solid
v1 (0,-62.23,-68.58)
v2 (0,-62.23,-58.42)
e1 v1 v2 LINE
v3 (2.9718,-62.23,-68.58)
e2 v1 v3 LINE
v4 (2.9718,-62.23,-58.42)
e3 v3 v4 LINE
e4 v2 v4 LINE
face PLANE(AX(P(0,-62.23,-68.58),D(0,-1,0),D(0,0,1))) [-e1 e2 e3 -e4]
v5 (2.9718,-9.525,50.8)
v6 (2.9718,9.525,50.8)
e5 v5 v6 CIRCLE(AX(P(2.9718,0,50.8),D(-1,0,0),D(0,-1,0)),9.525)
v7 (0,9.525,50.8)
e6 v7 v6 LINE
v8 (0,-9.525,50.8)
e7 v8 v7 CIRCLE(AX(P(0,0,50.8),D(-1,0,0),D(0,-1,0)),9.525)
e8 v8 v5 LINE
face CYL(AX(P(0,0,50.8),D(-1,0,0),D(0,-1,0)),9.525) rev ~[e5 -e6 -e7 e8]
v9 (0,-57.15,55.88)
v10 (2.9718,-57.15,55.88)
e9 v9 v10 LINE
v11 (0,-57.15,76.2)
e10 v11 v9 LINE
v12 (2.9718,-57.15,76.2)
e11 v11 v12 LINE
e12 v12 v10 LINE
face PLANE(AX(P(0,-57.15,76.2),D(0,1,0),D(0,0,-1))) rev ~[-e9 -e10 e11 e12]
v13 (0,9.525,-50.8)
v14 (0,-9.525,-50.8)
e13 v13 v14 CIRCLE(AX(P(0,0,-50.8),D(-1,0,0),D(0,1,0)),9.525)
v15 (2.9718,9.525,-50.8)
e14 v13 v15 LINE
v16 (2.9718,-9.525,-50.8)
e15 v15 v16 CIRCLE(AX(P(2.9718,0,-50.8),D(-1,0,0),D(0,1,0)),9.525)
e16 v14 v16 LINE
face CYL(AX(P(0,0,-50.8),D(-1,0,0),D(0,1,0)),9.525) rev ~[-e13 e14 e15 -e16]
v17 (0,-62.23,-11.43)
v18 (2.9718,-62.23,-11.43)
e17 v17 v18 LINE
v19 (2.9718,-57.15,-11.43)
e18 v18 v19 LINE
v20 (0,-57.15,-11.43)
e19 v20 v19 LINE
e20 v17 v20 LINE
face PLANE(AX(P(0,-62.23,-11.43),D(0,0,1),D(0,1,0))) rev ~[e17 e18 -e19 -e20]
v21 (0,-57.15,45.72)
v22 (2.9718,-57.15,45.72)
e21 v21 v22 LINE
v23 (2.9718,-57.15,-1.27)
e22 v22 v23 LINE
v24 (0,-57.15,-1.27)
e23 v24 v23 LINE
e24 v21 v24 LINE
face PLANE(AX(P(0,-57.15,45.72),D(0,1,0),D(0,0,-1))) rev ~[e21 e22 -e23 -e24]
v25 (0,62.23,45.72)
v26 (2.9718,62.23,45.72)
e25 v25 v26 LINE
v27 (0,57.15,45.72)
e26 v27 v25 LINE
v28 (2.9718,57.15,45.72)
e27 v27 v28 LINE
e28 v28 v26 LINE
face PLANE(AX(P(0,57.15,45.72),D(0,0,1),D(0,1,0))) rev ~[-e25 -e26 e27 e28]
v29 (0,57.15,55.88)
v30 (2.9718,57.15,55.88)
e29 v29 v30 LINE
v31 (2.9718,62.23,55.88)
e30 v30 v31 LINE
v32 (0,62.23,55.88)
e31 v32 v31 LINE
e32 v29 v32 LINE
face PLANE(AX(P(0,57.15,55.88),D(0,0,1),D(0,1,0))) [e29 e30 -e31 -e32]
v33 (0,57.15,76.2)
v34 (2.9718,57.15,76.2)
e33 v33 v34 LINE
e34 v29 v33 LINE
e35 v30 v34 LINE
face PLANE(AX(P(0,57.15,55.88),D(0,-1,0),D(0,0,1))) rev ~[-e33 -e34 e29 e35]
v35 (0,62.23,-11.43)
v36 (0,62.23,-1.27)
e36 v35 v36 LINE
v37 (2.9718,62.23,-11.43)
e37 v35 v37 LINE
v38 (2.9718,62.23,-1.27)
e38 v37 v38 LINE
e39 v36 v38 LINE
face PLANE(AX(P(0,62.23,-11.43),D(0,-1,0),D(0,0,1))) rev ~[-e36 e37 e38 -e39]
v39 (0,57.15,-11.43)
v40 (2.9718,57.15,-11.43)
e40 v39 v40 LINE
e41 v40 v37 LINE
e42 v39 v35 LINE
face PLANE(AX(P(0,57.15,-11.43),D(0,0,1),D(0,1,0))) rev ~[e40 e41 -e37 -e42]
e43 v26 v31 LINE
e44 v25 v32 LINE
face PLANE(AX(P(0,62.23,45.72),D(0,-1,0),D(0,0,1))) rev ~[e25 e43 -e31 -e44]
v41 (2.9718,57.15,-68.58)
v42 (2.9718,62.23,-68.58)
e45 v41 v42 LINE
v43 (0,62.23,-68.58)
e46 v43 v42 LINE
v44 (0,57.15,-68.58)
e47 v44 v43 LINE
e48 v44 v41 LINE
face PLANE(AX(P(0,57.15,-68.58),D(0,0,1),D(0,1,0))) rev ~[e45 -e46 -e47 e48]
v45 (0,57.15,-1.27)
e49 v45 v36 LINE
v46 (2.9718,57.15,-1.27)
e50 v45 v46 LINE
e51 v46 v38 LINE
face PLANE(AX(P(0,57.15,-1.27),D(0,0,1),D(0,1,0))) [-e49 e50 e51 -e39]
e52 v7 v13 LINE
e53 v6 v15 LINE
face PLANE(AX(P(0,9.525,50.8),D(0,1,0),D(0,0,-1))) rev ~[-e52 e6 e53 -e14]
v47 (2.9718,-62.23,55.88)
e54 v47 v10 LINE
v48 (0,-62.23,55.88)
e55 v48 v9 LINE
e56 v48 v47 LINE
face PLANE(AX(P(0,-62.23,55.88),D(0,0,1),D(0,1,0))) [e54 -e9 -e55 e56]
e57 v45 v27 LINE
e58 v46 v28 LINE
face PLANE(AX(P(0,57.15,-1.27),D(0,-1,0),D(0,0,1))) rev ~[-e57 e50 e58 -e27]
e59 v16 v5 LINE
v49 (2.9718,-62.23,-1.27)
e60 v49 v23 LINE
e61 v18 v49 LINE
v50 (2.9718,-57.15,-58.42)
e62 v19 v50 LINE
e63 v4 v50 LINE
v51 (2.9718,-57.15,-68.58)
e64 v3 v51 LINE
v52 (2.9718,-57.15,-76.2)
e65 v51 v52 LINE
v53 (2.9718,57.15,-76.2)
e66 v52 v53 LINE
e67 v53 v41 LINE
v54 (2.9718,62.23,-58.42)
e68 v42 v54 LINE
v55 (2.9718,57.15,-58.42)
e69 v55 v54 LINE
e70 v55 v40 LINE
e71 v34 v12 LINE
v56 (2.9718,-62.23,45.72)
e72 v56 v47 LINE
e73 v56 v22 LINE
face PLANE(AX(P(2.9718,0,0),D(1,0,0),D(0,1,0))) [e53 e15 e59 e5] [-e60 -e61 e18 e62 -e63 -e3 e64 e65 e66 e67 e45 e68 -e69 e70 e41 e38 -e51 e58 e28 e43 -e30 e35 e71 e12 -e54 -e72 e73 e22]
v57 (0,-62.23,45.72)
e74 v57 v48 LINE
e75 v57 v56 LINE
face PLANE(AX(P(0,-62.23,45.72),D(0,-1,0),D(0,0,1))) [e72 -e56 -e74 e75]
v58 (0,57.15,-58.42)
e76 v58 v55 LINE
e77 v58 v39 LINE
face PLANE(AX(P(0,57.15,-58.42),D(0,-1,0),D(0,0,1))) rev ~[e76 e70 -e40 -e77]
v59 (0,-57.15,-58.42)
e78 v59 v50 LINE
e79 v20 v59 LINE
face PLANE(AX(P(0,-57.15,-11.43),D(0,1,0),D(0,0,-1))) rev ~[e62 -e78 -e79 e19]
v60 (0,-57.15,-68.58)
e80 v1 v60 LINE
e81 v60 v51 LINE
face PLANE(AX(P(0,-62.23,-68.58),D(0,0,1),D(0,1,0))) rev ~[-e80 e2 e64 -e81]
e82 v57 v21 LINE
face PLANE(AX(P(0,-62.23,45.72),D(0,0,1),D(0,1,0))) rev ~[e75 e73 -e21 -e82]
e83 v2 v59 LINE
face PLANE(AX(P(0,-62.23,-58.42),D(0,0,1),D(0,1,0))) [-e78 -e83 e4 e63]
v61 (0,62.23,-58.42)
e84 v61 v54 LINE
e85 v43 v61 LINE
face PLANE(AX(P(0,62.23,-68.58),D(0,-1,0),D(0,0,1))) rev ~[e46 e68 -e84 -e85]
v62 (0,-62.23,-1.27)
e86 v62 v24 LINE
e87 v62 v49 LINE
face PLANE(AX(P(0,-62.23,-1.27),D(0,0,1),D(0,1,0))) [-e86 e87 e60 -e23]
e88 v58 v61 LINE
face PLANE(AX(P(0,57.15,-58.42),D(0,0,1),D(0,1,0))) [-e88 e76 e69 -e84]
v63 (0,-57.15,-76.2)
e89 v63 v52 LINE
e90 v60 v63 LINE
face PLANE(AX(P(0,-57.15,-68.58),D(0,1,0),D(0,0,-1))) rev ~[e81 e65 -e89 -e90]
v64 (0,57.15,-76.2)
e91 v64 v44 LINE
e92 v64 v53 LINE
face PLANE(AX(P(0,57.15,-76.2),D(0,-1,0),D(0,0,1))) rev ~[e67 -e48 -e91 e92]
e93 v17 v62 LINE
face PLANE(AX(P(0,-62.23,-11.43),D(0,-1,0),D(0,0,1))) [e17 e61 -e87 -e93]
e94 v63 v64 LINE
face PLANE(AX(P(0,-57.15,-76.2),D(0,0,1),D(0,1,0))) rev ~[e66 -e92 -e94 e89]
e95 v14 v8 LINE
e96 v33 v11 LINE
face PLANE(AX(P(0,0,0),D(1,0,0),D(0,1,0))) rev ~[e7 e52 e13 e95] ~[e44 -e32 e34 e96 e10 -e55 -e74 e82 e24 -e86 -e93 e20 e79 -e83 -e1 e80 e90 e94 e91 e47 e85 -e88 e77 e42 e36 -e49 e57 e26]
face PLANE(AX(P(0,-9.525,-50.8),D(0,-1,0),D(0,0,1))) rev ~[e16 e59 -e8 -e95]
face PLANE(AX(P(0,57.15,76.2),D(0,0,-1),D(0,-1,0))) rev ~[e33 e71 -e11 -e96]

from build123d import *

# Parameters (mm, degrees)
F0_W     = 76.2
F0_H     = 132.08
F0_W_2   = 5.08
F0_H_2   = 10.16
F1_DEPTH = 2.9718


with BuildPart() as f1:
    # F0 (on Right) → F1 (new body)
    with BuildSketch(Plane.YZ):
        Polygon((57.15, 55.88), (57.15, 76.2), (-57.15, 76.2), (-57.15, 55.88), (-57.15, 45.72), (-57.15, -1.27), (-57.15, -11.43), (-57.15, -58.42), (-57.15, -68.58), (-57.15, -76.2), (57.15, -76.2), (57.15, -68.58), (57.15, -58.42), (57.15, -11.43), (57.15, -1.27), (57.15, 45.72), align=None)
        Rectangle(F0_W, F0_H, mode=Mode.SUBTRACT)
        with Locations((59.69, 50.8)):
            Rectangle(F0_W_2, F0_H_2)
        with Locations((-59.69, 50.8)):
            Rectangle(F0_W_2, F0_H_2)
        with Locations((59.69, -6.35)):
            Rectangle(F0_W_2, F0_H_2)
        with Locations((-59.69, -6.35)):
            Rectangle(F0_W_2, F0_H_2)
        with Locations((59.69, -63.5)):
            Rectangle(F0_W_2, F0_H_2)
        with Locations((-59.69, -63.5)):
            Rectangle(F0_W_2, F0_H_2)
        Rectangle(F0_W, F0_H)
        with BuildLine():
            Line((-9.525, -50.8), (-9.525, 50.8))
            ThreePointArc((-9.525, 50.8), (0, 60.325), (9.525, 50.8))
            Line((9.525, 50.8), (9.525, -50.8))
            ThreePointArc((9.525, -50.8), (0, -60.325), (-9.525, -50.8))
        make_face(mode=Mode.SUBTRACT)
    extrude(amount=F1_DEPTH)


solid = f1.part
